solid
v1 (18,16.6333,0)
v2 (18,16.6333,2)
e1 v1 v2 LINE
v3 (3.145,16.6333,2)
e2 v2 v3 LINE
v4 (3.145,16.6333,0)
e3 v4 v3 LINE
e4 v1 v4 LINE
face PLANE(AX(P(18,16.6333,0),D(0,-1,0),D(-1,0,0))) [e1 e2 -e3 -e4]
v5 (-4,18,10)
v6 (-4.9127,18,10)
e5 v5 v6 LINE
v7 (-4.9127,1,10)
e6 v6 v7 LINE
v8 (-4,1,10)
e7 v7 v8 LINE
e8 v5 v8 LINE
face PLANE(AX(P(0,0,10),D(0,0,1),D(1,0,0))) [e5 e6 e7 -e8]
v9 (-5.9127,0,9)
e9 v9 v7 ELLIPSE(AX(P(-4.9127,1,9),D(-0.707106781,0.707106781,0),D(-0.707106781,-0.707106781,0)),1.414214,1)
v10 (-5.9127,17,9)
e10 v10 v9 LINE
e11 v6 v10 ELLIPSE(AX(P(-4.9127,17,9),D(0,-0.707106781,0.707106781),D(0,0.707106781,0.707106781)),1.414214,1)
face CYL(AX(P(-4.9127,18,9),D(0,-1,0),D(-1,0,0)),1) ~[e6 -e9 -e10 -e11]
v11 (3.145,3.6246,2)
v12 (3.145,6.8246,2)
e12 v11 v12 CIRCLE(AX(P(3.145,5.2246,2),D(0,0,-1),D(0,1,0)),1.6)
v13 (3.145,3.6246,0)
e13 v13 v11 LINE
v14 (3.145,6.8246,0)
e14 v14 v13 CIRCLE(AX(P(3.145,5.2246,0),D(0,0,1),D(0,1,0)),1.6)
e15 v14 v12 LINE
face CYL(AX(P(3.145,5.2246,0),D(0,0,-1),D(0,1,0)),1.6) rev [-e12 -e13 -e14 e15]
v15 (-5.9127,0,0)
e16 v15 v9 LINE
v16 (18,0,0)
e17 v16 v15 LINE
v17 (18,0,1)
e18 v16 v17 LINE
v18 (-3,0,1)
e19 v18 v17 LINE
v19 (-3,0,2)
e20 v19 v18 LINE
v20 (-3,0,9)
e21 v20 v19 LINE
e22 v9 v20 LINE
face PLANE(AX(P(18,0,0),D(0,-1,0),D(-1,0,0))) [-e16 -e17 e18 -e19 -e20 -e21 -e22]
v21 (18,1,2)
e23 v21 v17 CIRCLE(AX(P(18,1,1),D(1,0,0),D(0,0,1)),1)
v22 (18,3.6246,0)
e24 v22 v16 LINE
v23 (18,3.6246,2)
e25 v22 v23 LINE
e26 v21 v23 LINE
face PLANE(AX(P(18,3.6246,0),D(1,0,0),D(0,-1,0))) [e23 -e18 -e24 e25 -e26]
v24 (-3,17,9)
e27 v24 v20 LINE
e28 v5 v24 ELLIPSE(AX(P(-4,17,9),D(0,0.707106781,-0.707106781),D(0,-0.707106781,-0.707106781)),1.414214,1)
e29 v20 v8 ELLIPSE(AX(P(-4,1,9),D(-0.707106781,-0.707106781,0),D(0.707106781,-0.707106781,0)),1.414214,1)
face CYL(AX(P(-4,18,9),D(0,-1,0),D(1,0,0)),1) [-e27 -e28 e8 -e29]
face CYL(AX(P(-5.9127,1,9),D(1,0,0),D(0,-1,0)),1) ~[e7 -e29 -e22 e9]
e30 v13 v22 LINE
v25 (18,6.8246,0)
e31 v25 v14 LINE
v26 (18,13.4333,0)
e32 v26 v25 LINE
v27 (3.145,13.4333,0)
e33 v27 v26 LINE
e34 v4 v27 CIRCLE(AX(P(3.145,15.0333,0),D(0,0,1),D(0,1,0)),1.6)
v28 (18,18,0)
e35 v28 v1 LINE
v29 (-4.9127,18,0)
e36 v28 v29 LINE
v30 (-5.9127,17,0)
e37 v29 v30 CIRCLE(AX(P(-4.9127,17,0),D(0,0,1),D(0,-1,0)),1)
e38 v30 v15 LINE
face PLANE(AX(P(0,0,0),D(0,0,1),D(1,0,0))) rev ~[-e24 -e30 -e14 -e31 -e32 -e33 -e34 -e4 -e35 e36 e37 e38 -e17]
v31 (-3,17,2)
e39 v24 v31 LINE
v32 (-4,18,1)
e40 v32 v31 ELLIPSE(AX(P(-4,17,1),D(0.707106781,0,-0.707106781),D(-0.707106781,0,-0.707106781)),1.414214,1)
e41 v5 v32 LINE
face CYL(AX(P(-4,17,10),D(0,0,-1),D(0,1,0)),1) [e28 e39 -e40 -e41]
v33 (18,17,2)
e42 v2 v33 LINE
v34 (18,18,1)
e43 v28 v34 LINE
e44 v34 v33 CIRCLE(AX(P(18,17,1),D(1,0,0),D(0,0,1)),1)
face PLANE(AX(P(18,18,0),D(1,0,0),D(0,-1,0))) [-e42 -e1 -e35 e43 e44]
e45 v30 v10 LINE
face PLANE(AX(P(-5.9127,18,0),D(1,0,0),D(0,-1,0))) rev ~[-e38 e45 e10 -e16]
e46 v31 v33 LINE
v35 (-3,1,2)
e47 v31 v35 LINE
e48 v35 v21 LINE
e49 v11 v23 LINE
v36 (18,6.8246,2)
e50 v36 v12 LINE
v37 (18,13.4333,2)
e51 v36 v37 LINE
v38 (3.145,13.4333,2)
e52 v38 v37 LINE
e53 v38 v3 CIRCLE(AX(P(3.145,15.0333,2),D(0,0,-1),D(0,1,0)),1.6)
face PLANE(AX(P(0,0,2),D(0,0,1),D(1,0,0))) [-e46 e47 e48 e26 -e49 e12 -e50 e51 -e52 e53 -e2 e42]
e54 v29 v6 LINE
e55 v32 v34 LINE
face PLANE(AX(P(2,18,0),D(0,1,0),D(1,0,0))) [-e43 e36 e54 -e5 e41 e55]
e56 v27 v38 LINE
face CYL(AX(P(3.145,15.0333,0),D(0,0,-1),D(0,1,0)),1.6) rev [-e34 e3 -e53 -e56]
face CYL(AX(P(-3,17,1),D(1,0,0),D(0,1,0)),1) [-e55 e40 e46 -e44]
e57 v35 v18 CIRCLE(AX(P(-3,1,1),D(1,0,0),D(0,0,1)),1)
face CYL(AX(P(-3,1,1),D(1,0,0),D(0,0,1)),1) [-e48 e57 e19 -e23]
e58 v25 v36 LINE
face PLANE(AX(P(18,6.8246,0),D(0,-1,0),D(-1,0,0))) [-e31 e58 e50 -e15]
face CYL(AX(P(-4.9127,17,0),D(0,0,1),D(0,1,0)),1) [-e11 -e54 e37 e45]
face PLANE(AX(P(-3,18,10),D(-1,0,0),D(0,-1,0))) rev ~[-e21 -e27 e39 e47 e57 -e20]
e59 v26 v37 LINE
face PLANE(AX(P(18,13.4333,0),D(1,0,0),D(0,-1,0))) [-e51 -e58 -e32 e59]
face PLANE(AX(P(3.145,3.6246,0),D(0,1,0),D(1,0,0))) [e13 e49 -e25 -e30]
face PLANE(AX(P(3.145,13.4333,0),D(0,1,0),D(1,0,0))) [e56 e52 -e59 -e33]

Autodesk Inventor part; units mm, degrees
ref_plane "YZ Plane" through (0, 0, 0) normal (1, 0, 0) x (0, 1, 0)
ref_plane "XZ Plane" through (0, 0, 0) normal (0, 1, 0) x (-1, 0, 0)
ref_plane "XY Plane" through (0, 0, 0) normal (0, 0, 1) x (1, 0, 0)
sketch "Skizze1" plane through (0, 0, 0) normal (0, 0, 1) x (1, 0, 0)
  line L0 (18, 18) -> (18, 0) construction
  line L1 (2, 18) -> (18, 18) construction
  line L2 (2, 0) -> (2, 18) construction
  line L3 (18, 0) -> (2, 0) construction
  line L4 (2, 18) -> (18, 18)
  line L5 (18, 0) -> (2, 0)
  line L6 (0.5764, 6.9713) -> (-2.7403, -18.928) construction
  circle A0 centre (14.2155, 15.0333) radius 1.2952 construction
  circle A1 centre (14.2155, 5.2246) radius 1.25 construction
  line L7 (2, 18) -> (-5.9127, 18)
  line L8 (-5.9127, 18) -> (-5.9127, 0)
  line L9 (-5.9127, 0) -> (2, 0)
  line L10 (18, 15.0333) -> (3.145, 15.0333) construction
  line L11 (18, 16.6333) -> (3.145, 16.6333)
  line L12 (3.145, 13.4333) -> (18, 13.4333)
  arc A2 (3.145, 16.6333) -> (3.145, 13.4333) centre (3.145, 15.0333) ccw
  line L13 (18, 5.2246) -> (3.145, 5.2246) construction
  line L14 (18, 6.8246) -> (3.145, 6.8246)
  line L15 (3.145, 3.6246) -> (18, 3.6246)
  arc A3 (3.145, 6.8246) -> (3.145, 3.6246) centre (3.145, 5.2246) ccw
  line L16 (-5.9127, 18) -> (18, 18)
  line L17 (18, 0) -> (-5.9127, 0)
  line L18 (-5.9127, 0) -> (-5.9127, 18)
  line L19 (18, 16.6333) -> (3.145, 16.6333)
  line L20 (18, 13.4333) -> (3.145, 13.4333)
  line L21 (18, 6.8246) -> (3.145, 6.8246)
  line L22 (18, 3.6246) -> (3.145, 3.6246)
  line L23 (18, 18) -> (18, 16.6333)
  line L24 (18, 18) -> (18, 16.6333)
  line L25 (18, 13.4333) -> (18, 6.8246)
  line L26 (18, 3.6246) -> (18, 0)
  line L27 (18, 13.4333) -> (18, 6.8246)
  line L28 (18, 3.6246) -> (18, 0)
  point P0 (0, 0)
  point P1 (10.5725, 15.0333)
  point P2 (10.5725, 5.2246)
  dimension "d0" = 2.5
  dimension "d1" = 3.2
  dimension "d2" = 3.2
extrude "Extrusion1" add sketch "Skizze1" along normal blind 10
sketch "Skizze2" plane through (0, 0, 10) normal (0, 0, 1) x (1, 0, 0)
  line L0 (-5.9127, 0) -> (18, 0) construction
  line L1 (18, 0) -> (18, 3.6246) construction
  line L2 (18, 3.6246) -> (3.145, 3.6246) construction
  arc A0 (3.145, 6.8246) -> (3.145, 3.6246) centre (3.145, 5.2246) ccw construction
  line L3 (3.145, 6.8246) -> (18, 6.8246) construction
  line L4 (18, 6.8246) -> (18, 13.4333) construction
  line L5 (18, 13.4333) -> (3.145, 13.4333) construction
  arc A1 (3.145, 16.6333) -> (3.145, 13.4333) centre (3.145, 15.0333) ccw construction
  line L6 (3.145, 16.6333) -> (18, 16.6333) construction
  line L7 (18, 16.6333) -> (18, 18) construction
  line L8 (18, 18) -> (-5.9127, 18) construction
  line L9 (-5.9127, 18) -> (-5.9127, 0) construction
  line L10 (18, 18) -> (-5.9127, 18) projected
  line L11 (-5.9127, 0) -> (18, 0) projected
  line L12 (18, 18) -> (-3, 18)
  line L13 (-3, 18) -> (-3, 0)
  line L14 (-3, 0) -> (18, 0)
  line L15 (18, 0) -> (18, 18)
  point P0 (0, 0)
  dimension "d5" = 21
extrude "Extrusion2" cut sketch "Skizze2" against normal blind 8
fillet "Rundung1" radius 1 7 edges at (-5.9127, 18, 5) (-3, 18, 6) (-3, 9, 10) (-5.9127, 9, 10) (-4.4563, 0, 10) (7.5, 18, 2) (7.5, 0, 2)
properties part number "Pusher"
